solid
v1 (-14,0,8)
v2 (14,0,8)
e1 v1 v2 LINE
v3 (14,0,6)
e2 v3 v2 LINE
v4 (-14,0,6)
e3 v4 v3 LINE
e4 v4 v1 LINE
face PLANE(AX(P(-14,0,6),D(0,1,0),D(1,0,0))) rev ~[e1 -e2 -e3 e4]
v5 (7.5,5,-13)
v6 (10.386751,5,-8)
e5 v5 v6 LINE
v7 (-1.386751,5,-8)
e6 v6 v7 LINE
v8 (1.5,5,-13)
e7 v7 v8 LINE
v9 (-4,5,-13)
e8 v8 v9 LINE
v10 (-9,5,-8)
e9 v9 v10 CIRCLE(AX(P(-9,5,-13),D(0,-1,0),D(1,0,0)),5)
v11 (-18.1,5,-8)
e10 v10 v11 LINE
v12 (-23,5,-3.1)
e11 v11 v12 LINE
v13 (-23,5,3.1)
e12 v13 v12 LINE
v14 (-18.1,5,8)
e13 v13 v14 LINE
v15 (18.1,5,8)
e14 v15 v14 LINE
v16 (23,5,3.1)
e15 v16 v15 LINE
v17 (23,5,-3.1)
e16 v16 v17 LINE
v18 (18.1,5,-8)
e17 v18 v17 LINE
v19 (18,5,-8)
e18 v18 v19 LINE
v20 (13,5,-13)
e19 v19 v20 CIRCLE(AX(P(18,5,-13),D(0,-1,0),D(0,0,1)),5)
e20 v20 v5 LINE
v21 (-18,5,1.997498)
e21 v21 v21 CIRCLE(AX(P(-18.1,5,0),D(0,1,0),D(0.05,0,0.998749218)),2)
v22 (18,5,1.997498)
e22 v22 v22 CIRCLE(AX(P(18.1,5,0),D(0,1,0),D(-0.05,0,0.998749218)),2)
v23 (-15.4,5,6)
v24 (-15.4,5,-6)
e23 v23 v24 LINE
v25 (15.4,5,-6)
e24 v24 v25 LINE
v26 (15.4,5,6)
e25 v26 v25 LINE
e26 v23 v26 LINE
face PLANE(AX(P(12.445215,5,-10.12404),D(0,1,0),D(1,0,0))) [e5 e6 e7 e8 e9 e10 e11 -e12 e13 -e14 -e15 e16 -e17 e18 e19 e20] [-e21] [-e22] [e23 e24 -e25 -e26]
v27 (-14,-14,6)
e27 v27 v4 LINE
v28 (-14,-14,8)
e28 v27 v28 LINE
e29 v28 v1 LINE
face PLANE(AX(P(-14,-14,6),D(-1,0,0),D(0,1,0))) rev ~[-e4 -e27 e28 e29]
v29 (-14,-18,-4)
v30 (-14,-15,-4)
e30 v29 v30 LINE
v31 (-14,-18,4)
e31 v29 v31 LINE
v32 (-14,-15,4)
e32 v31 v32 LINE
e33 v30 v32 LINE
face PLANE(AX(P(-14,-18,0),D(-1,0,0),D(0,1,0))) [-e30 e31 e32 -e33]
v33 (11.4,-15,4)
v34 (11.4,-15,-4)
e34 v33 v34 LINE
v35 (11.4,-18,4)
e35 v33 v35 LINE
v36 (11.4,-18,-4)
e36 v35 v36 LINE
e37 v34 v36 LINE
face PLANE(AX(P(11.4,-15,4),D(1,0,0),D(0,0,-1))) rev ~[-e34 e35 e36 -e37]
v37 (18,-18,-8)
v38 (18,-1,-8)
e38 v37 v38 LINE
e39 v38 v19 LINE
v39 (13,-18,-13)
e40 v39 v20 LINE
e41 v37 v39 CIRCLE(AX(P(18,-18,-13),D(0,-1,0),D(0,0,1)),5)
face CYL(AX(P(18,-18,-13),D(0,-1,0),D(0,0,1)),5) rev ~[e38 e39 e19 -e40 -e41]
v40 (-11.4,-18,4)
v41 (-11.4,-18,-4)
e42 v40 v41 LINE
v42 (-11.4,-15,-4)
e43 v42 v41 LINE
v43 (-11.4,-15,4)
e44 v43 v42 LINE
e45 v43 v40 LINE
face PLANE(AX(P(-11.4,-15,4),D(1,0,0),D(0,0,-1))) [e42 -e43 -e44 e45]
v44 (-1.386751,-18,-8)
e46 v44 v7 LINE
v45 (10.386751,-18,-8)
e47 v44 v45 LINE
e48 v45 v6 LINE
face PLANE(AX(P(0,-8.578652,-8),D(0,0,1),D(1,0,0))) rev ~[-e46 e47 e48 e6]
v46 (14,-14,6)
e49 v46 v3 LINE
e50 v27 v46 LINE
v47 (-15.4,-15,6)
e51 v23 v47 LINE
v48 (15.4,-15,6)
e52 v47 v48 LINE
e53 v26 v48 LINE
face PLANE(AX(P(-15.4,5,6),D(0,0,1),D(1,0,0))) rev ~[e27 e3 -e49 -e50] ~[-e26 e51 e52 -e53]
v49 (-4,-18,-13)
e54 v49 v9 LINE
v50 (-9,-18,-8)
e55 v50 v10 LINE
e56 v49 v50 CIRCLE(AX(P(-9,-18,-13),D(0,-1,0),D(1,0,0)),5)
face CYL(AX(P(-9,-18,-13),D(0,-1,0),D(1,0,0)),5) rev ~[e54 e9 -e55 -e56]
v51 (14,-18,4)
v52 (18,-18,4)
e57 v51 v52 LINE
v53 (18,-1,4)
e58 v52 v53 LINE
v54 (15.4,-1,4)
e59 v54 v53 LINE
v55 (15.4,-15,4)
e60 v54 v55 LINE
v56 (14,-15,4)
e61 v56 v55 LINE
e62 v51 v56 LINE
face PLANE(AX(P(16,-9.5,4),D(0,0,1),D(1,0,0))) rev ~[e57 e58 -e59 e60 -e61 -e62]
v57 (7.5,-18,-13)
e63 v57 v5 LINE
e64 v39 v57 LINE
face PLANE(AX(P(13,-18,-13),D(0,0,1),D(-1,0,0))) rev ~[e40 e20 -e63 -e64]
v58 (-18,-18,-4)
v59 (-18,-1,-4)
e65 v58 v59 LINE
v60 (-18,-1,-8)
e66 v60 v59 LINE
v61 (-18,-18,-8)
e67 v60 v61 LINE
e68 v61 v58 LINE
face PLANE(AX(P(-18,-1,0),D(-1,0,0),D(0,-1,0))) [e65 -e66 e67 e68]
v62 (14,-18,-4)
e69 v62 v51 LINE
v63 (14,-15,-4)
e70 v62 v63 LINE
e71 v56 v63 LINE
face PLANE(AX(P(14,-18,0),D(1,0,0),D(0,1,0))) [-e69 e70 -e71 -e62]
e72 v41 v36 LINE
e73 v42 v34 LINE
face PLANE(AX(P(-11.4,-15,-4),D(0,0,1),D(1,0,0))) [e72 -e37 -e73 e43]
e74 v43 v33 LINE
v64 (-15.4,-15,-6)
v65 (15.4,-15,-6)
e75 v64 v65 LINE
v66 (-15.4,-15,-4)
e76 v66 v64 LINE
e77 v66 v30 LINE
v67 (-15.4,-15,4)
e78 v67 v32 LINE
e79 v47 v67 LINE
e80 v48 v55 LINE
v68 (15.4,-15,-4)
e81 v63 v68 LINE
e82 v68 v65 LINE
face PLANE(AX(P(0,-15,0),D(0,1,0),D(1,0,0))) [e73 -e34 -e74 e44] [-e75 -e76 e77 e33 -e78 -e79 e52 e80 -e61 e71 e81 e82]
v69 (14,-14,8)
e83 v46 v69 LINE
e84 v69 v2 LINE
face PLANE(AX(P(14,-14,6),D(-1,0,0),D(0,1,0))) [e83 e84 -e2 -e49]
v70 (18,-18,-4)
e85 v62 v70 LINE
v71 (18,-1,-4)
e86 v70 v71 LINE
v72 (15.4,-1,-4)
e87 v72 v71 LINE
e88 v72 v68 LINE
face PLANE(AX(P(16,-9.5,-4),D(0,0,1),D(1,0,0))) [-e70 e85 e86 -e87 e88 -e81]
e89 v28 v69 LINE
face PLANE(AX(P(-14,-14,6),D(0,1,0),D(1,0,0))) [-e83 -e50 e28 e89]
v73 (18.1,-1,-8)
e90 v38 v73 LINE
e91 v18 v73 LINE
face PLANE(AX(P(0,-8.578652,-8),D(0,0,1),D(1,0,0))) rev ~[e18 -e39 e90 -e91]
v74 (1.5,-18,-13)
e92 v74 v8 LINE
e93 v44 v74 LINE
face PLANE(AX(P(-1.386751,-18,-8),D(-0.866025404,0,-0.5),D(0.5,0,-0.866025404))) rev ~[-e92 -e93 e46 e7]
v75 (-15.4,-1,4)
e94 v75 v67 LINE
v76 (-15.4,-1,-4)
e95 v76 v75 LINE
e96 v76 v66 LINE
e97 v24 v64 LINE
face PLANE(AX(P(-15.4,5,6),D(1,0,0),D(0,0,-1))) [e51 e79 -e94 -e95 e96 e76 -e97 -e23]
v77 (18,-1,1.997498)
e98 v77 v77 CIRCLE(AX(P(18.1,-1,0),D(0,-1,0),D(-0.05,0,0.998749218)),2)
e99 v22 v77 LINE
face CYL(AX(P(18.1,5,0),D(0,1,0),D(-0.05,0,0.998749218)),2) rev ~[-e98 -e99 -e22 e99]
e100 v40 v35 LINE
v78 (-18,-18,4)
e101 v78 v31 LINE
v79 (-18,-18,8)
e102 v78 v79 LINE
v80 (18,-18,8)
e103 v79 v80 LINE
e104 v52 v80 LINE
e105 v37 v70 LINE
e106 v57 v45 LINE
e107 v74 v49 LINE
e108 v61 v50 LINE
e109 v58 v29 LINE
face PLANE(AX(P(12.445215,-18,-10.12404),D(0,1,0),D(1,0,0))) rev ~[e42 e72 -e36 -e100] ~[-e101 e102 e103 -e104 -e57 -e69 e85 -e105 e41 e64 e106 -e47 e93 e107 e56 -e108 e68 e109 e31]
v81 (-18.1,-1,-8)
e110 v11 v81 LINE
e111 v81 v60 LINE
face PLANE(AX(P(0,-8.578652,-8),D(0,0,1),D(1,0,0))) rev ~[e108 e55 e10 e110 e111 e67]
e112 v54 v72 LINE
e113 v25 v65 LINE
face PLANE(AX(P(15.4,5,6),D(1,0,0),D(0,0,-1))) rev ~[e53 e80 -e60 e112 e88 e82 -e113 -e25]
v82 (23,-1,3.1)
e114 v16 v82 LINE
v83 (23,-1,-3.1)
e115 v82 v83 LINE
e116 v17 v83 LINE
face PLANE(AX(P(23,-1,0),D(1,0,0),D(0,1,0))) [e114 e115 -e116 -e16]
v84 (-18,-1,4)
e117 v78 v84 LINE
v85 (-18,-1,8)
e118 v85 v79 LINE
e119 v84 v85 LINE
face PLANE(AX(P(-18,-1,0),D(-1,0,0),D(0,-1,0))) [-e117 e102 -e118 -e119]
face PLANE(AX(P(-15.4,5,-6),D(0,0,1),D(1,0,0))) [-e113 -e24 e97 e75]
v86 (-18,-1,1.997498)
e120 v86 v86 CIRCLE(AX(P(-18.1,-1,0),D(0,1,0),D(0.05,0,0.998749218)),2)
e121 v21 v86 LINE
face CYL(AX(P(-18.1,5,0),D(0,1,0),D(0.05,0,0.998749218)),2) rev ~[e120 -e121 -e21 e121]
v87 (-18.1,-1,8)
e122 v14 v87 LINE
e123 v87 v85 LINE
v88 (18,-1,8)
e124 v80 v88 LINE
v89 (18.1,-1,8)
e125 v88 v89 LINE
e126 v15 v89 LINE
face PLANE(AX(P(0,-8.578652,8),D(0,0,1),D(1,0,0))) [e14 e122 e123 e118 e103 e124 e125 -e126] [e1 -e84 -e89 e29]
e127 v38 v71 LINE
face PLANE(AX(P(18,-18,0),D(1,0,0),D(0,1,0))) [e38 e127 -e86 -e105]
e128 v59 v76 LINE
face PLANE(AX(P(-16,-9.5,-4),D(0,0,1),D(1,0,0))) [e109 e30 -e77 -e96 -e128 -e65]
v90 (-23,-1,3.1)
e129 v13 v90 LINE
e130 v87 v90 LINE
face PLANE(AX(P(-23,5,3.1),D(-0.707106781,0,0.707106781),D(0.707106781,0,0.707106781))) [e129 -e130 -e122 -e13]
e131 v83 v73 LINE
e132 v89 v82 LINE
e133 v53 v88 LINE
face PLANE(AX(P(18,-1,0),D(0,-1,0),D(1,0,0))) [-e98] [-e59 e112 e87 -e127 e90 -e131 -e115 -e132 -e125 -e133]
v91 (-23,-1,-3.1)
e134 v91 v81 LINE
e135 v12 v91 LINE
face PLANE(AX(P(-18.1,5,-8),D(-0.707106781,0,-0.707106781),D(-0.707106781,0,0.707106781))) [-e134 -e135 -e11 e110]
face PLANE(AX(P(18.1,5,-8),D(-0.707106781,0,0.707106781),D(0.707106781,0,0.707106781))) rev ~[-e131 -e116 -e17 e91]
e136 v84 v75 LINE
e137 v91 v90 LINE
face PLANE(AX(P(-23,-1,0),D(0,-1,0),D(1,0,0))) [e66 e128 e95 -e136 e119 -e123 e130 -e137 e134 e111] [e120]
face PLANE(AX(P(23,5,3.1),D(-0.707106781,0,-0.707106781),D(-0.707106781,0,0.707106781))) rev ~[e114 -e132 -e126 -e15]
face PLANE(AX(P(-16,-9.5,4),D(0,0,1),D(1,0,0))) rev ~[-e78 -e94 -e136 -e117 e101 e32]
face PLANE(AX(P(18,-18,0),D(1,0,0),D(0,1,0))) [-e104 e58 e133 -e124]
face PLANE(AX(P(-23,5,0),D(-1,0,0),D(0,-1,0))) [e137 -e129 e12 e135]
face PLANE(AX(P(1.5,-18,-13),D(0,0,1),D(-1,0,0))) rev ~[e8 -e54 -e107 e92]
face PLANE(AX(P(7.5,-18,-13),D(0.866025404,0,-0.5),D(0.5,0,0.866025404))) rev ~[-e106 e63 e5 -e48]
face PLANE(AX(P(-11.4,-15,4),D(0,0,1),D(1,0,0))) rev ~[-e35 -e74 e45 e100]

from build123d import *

# Parameters (mm, degrees)
SKETCH1_W      = 30
SKETCH1_H      = 15
SKETCH1_H_2    = 5
EXTRUDE1_DEPTH = 8
EXTRUDE2_START = 5
SKETCH2_R      = 2
SKETCH2_W      = 30.8
SKETCH2_H      = 12
SKETCH2_W_2    = 22.8
SKETCH2_H_2    = 8
EXTRUDE2_DEPTH = 20
EXTRUDE3_START = 6
SKETCH3_W      = 28
SKETCH3_H      = 14
EXTRUDE3_DEPTH = 2
SKETCH3_3_W    = 4
SKETCH3_3_H    = 17
EXTRUDE4_DEPTH = 4
EXTRUDE5_START = -15
SKETCH2_3_W    = 22.8
SKETCH2_3_H    = 8
EXTRUDE5_DEPTH = 3
EXTRUDE6_START = -18
EXTRUDE6_DEPTH = 23


with BuildPart() as part:
    # Sketch1 → Extrude1 (new, symmetric)
    with BuildSketch(Plane.XY):
        Polygon((-15, 0), (-15, 5), (-23, 5), (-23, -1), (-18, -1), (-18, -18), (18, -18), (18, -1), (23, -1), (23, 5), (15, 5), (15, 0), (15, -15), (-15, -15), align=None)
        with Locations((0, -7.5)):
            Rectangle(SKETCH1_W, SKETCH1_H)
        with Locations((0, 2.5)):
            Rectangle(SKETCH1_W, SKETCH1_H_2)
    extrude(amount=EXTRUDE1_DEPTH, both=True)

    # Sketch2 → Extrude2 (cut)
    with BuildSketch(Plane(origin=(0, 0, 0), x_dir=(1, 0, 0), z_dir=(0, 1, 0)).offset(EXTRUDE2_START)):
        Polygon((-23, -8), (-23, -3.1), (-18.1, -8), align=None)
        with Locations(Location((-18.1, 0, 0), (0, 0, 272.865983983))):
            Circle(SKETCH2_R)
        Polygon((-23, 8), (-18.1, 8), (-23, 3.1), align=None)
        Rectangle(SKETCH2_W, SKETCH2_H)
        Rectangle(SKETCH2_W_2, SKETCH2_H_2, mode=Mode.SUBTRACT)
        Rectangle(SKETCH2_W_2, SKETCH2_H_2)
        Polygon((23, 3.1), (23, 8), (18.1, 8), align=None)
        with Locations(Location((18.1, 0, 0), (0, 0, 267.134016017))):
            Circle(SKETCH2_R)
        Polygon((18.1, -8), (23, -8), (23, -3.1), align=None)
    extrude(amount=-EXTRUDE2_DEPTH, mode=Mode.SUBTRACT)

    # Sketch3 (on Front Plane) → Extrude3 (cut)
    with BuildSketch(Plane.XY.offset(EXTRUDE3_START)):
        with Locations((0, -7)):
            Rectangle(SKETCH3_W, SKETCH3_H)
    extrude(amount=EXTRUDE3_DEPTH, mode=Mode.SUBTRACT)

    # Sketch3<3> → Extrude4 (cut, symmetric)
    with BuildSketch(Plane.XY):
        with Locations((-16, -9.5)):
            Rectangle(SKETCH3_3_W, SKETCH3_3_H)
        with Locations((16, -9.5)):
            Rectangle(SKETCH3_3_W, SKETCH3_3_H)
    extrude(amount=EXTRUDE4_DEPTH, both=True, mode=Mode.SUBTRACT)

    # Sketch2<3> → Extrude5 (cut)
    with BuildSketch(Plane(origin=(0, 0, 0), x_dir=(1, 0, 0), z_dir=(0, 1, 0)).offset(EXTRUDE5_START)):
        Rectangle(SKETCH2_3_W, SKETCH2_3_H)
    extrude(amount=-EXTRUDE5_DEPTH, mode=Mode.SUBTRACT)

    # Sketch4 → Extrude6 (add)
    with BuildSketch(Plane(origin=(0, 0, 0), x_dir=(1, 0, 0), z_dir=(0, 1, 0)).offset(EXTRUDE6_START)):
        with BuildLine():
            Line((10.386751346, 8), (18, 8))
            ThreePointArc((18, 8), (14.464466094, 9.464466094), (13, 13))
            Line((13, 13), (7.5, 13))
            Line((7.5, 13), (10.386751346, 8))
        make_face()
        with BuildLine():
            Line((-9, 8), (-1.386751346, 8))
            Line((-1.386751346, 8), (1.5, 13))
            Line((1.5, 13), (-4, 13))
            ThreePointArc((-4, 13), (-5.464466094, 9.464466094), (-9, 8))
        make_face()
    extrude(amount=EXTRUDE6_DEPTH)


solid = part.part
